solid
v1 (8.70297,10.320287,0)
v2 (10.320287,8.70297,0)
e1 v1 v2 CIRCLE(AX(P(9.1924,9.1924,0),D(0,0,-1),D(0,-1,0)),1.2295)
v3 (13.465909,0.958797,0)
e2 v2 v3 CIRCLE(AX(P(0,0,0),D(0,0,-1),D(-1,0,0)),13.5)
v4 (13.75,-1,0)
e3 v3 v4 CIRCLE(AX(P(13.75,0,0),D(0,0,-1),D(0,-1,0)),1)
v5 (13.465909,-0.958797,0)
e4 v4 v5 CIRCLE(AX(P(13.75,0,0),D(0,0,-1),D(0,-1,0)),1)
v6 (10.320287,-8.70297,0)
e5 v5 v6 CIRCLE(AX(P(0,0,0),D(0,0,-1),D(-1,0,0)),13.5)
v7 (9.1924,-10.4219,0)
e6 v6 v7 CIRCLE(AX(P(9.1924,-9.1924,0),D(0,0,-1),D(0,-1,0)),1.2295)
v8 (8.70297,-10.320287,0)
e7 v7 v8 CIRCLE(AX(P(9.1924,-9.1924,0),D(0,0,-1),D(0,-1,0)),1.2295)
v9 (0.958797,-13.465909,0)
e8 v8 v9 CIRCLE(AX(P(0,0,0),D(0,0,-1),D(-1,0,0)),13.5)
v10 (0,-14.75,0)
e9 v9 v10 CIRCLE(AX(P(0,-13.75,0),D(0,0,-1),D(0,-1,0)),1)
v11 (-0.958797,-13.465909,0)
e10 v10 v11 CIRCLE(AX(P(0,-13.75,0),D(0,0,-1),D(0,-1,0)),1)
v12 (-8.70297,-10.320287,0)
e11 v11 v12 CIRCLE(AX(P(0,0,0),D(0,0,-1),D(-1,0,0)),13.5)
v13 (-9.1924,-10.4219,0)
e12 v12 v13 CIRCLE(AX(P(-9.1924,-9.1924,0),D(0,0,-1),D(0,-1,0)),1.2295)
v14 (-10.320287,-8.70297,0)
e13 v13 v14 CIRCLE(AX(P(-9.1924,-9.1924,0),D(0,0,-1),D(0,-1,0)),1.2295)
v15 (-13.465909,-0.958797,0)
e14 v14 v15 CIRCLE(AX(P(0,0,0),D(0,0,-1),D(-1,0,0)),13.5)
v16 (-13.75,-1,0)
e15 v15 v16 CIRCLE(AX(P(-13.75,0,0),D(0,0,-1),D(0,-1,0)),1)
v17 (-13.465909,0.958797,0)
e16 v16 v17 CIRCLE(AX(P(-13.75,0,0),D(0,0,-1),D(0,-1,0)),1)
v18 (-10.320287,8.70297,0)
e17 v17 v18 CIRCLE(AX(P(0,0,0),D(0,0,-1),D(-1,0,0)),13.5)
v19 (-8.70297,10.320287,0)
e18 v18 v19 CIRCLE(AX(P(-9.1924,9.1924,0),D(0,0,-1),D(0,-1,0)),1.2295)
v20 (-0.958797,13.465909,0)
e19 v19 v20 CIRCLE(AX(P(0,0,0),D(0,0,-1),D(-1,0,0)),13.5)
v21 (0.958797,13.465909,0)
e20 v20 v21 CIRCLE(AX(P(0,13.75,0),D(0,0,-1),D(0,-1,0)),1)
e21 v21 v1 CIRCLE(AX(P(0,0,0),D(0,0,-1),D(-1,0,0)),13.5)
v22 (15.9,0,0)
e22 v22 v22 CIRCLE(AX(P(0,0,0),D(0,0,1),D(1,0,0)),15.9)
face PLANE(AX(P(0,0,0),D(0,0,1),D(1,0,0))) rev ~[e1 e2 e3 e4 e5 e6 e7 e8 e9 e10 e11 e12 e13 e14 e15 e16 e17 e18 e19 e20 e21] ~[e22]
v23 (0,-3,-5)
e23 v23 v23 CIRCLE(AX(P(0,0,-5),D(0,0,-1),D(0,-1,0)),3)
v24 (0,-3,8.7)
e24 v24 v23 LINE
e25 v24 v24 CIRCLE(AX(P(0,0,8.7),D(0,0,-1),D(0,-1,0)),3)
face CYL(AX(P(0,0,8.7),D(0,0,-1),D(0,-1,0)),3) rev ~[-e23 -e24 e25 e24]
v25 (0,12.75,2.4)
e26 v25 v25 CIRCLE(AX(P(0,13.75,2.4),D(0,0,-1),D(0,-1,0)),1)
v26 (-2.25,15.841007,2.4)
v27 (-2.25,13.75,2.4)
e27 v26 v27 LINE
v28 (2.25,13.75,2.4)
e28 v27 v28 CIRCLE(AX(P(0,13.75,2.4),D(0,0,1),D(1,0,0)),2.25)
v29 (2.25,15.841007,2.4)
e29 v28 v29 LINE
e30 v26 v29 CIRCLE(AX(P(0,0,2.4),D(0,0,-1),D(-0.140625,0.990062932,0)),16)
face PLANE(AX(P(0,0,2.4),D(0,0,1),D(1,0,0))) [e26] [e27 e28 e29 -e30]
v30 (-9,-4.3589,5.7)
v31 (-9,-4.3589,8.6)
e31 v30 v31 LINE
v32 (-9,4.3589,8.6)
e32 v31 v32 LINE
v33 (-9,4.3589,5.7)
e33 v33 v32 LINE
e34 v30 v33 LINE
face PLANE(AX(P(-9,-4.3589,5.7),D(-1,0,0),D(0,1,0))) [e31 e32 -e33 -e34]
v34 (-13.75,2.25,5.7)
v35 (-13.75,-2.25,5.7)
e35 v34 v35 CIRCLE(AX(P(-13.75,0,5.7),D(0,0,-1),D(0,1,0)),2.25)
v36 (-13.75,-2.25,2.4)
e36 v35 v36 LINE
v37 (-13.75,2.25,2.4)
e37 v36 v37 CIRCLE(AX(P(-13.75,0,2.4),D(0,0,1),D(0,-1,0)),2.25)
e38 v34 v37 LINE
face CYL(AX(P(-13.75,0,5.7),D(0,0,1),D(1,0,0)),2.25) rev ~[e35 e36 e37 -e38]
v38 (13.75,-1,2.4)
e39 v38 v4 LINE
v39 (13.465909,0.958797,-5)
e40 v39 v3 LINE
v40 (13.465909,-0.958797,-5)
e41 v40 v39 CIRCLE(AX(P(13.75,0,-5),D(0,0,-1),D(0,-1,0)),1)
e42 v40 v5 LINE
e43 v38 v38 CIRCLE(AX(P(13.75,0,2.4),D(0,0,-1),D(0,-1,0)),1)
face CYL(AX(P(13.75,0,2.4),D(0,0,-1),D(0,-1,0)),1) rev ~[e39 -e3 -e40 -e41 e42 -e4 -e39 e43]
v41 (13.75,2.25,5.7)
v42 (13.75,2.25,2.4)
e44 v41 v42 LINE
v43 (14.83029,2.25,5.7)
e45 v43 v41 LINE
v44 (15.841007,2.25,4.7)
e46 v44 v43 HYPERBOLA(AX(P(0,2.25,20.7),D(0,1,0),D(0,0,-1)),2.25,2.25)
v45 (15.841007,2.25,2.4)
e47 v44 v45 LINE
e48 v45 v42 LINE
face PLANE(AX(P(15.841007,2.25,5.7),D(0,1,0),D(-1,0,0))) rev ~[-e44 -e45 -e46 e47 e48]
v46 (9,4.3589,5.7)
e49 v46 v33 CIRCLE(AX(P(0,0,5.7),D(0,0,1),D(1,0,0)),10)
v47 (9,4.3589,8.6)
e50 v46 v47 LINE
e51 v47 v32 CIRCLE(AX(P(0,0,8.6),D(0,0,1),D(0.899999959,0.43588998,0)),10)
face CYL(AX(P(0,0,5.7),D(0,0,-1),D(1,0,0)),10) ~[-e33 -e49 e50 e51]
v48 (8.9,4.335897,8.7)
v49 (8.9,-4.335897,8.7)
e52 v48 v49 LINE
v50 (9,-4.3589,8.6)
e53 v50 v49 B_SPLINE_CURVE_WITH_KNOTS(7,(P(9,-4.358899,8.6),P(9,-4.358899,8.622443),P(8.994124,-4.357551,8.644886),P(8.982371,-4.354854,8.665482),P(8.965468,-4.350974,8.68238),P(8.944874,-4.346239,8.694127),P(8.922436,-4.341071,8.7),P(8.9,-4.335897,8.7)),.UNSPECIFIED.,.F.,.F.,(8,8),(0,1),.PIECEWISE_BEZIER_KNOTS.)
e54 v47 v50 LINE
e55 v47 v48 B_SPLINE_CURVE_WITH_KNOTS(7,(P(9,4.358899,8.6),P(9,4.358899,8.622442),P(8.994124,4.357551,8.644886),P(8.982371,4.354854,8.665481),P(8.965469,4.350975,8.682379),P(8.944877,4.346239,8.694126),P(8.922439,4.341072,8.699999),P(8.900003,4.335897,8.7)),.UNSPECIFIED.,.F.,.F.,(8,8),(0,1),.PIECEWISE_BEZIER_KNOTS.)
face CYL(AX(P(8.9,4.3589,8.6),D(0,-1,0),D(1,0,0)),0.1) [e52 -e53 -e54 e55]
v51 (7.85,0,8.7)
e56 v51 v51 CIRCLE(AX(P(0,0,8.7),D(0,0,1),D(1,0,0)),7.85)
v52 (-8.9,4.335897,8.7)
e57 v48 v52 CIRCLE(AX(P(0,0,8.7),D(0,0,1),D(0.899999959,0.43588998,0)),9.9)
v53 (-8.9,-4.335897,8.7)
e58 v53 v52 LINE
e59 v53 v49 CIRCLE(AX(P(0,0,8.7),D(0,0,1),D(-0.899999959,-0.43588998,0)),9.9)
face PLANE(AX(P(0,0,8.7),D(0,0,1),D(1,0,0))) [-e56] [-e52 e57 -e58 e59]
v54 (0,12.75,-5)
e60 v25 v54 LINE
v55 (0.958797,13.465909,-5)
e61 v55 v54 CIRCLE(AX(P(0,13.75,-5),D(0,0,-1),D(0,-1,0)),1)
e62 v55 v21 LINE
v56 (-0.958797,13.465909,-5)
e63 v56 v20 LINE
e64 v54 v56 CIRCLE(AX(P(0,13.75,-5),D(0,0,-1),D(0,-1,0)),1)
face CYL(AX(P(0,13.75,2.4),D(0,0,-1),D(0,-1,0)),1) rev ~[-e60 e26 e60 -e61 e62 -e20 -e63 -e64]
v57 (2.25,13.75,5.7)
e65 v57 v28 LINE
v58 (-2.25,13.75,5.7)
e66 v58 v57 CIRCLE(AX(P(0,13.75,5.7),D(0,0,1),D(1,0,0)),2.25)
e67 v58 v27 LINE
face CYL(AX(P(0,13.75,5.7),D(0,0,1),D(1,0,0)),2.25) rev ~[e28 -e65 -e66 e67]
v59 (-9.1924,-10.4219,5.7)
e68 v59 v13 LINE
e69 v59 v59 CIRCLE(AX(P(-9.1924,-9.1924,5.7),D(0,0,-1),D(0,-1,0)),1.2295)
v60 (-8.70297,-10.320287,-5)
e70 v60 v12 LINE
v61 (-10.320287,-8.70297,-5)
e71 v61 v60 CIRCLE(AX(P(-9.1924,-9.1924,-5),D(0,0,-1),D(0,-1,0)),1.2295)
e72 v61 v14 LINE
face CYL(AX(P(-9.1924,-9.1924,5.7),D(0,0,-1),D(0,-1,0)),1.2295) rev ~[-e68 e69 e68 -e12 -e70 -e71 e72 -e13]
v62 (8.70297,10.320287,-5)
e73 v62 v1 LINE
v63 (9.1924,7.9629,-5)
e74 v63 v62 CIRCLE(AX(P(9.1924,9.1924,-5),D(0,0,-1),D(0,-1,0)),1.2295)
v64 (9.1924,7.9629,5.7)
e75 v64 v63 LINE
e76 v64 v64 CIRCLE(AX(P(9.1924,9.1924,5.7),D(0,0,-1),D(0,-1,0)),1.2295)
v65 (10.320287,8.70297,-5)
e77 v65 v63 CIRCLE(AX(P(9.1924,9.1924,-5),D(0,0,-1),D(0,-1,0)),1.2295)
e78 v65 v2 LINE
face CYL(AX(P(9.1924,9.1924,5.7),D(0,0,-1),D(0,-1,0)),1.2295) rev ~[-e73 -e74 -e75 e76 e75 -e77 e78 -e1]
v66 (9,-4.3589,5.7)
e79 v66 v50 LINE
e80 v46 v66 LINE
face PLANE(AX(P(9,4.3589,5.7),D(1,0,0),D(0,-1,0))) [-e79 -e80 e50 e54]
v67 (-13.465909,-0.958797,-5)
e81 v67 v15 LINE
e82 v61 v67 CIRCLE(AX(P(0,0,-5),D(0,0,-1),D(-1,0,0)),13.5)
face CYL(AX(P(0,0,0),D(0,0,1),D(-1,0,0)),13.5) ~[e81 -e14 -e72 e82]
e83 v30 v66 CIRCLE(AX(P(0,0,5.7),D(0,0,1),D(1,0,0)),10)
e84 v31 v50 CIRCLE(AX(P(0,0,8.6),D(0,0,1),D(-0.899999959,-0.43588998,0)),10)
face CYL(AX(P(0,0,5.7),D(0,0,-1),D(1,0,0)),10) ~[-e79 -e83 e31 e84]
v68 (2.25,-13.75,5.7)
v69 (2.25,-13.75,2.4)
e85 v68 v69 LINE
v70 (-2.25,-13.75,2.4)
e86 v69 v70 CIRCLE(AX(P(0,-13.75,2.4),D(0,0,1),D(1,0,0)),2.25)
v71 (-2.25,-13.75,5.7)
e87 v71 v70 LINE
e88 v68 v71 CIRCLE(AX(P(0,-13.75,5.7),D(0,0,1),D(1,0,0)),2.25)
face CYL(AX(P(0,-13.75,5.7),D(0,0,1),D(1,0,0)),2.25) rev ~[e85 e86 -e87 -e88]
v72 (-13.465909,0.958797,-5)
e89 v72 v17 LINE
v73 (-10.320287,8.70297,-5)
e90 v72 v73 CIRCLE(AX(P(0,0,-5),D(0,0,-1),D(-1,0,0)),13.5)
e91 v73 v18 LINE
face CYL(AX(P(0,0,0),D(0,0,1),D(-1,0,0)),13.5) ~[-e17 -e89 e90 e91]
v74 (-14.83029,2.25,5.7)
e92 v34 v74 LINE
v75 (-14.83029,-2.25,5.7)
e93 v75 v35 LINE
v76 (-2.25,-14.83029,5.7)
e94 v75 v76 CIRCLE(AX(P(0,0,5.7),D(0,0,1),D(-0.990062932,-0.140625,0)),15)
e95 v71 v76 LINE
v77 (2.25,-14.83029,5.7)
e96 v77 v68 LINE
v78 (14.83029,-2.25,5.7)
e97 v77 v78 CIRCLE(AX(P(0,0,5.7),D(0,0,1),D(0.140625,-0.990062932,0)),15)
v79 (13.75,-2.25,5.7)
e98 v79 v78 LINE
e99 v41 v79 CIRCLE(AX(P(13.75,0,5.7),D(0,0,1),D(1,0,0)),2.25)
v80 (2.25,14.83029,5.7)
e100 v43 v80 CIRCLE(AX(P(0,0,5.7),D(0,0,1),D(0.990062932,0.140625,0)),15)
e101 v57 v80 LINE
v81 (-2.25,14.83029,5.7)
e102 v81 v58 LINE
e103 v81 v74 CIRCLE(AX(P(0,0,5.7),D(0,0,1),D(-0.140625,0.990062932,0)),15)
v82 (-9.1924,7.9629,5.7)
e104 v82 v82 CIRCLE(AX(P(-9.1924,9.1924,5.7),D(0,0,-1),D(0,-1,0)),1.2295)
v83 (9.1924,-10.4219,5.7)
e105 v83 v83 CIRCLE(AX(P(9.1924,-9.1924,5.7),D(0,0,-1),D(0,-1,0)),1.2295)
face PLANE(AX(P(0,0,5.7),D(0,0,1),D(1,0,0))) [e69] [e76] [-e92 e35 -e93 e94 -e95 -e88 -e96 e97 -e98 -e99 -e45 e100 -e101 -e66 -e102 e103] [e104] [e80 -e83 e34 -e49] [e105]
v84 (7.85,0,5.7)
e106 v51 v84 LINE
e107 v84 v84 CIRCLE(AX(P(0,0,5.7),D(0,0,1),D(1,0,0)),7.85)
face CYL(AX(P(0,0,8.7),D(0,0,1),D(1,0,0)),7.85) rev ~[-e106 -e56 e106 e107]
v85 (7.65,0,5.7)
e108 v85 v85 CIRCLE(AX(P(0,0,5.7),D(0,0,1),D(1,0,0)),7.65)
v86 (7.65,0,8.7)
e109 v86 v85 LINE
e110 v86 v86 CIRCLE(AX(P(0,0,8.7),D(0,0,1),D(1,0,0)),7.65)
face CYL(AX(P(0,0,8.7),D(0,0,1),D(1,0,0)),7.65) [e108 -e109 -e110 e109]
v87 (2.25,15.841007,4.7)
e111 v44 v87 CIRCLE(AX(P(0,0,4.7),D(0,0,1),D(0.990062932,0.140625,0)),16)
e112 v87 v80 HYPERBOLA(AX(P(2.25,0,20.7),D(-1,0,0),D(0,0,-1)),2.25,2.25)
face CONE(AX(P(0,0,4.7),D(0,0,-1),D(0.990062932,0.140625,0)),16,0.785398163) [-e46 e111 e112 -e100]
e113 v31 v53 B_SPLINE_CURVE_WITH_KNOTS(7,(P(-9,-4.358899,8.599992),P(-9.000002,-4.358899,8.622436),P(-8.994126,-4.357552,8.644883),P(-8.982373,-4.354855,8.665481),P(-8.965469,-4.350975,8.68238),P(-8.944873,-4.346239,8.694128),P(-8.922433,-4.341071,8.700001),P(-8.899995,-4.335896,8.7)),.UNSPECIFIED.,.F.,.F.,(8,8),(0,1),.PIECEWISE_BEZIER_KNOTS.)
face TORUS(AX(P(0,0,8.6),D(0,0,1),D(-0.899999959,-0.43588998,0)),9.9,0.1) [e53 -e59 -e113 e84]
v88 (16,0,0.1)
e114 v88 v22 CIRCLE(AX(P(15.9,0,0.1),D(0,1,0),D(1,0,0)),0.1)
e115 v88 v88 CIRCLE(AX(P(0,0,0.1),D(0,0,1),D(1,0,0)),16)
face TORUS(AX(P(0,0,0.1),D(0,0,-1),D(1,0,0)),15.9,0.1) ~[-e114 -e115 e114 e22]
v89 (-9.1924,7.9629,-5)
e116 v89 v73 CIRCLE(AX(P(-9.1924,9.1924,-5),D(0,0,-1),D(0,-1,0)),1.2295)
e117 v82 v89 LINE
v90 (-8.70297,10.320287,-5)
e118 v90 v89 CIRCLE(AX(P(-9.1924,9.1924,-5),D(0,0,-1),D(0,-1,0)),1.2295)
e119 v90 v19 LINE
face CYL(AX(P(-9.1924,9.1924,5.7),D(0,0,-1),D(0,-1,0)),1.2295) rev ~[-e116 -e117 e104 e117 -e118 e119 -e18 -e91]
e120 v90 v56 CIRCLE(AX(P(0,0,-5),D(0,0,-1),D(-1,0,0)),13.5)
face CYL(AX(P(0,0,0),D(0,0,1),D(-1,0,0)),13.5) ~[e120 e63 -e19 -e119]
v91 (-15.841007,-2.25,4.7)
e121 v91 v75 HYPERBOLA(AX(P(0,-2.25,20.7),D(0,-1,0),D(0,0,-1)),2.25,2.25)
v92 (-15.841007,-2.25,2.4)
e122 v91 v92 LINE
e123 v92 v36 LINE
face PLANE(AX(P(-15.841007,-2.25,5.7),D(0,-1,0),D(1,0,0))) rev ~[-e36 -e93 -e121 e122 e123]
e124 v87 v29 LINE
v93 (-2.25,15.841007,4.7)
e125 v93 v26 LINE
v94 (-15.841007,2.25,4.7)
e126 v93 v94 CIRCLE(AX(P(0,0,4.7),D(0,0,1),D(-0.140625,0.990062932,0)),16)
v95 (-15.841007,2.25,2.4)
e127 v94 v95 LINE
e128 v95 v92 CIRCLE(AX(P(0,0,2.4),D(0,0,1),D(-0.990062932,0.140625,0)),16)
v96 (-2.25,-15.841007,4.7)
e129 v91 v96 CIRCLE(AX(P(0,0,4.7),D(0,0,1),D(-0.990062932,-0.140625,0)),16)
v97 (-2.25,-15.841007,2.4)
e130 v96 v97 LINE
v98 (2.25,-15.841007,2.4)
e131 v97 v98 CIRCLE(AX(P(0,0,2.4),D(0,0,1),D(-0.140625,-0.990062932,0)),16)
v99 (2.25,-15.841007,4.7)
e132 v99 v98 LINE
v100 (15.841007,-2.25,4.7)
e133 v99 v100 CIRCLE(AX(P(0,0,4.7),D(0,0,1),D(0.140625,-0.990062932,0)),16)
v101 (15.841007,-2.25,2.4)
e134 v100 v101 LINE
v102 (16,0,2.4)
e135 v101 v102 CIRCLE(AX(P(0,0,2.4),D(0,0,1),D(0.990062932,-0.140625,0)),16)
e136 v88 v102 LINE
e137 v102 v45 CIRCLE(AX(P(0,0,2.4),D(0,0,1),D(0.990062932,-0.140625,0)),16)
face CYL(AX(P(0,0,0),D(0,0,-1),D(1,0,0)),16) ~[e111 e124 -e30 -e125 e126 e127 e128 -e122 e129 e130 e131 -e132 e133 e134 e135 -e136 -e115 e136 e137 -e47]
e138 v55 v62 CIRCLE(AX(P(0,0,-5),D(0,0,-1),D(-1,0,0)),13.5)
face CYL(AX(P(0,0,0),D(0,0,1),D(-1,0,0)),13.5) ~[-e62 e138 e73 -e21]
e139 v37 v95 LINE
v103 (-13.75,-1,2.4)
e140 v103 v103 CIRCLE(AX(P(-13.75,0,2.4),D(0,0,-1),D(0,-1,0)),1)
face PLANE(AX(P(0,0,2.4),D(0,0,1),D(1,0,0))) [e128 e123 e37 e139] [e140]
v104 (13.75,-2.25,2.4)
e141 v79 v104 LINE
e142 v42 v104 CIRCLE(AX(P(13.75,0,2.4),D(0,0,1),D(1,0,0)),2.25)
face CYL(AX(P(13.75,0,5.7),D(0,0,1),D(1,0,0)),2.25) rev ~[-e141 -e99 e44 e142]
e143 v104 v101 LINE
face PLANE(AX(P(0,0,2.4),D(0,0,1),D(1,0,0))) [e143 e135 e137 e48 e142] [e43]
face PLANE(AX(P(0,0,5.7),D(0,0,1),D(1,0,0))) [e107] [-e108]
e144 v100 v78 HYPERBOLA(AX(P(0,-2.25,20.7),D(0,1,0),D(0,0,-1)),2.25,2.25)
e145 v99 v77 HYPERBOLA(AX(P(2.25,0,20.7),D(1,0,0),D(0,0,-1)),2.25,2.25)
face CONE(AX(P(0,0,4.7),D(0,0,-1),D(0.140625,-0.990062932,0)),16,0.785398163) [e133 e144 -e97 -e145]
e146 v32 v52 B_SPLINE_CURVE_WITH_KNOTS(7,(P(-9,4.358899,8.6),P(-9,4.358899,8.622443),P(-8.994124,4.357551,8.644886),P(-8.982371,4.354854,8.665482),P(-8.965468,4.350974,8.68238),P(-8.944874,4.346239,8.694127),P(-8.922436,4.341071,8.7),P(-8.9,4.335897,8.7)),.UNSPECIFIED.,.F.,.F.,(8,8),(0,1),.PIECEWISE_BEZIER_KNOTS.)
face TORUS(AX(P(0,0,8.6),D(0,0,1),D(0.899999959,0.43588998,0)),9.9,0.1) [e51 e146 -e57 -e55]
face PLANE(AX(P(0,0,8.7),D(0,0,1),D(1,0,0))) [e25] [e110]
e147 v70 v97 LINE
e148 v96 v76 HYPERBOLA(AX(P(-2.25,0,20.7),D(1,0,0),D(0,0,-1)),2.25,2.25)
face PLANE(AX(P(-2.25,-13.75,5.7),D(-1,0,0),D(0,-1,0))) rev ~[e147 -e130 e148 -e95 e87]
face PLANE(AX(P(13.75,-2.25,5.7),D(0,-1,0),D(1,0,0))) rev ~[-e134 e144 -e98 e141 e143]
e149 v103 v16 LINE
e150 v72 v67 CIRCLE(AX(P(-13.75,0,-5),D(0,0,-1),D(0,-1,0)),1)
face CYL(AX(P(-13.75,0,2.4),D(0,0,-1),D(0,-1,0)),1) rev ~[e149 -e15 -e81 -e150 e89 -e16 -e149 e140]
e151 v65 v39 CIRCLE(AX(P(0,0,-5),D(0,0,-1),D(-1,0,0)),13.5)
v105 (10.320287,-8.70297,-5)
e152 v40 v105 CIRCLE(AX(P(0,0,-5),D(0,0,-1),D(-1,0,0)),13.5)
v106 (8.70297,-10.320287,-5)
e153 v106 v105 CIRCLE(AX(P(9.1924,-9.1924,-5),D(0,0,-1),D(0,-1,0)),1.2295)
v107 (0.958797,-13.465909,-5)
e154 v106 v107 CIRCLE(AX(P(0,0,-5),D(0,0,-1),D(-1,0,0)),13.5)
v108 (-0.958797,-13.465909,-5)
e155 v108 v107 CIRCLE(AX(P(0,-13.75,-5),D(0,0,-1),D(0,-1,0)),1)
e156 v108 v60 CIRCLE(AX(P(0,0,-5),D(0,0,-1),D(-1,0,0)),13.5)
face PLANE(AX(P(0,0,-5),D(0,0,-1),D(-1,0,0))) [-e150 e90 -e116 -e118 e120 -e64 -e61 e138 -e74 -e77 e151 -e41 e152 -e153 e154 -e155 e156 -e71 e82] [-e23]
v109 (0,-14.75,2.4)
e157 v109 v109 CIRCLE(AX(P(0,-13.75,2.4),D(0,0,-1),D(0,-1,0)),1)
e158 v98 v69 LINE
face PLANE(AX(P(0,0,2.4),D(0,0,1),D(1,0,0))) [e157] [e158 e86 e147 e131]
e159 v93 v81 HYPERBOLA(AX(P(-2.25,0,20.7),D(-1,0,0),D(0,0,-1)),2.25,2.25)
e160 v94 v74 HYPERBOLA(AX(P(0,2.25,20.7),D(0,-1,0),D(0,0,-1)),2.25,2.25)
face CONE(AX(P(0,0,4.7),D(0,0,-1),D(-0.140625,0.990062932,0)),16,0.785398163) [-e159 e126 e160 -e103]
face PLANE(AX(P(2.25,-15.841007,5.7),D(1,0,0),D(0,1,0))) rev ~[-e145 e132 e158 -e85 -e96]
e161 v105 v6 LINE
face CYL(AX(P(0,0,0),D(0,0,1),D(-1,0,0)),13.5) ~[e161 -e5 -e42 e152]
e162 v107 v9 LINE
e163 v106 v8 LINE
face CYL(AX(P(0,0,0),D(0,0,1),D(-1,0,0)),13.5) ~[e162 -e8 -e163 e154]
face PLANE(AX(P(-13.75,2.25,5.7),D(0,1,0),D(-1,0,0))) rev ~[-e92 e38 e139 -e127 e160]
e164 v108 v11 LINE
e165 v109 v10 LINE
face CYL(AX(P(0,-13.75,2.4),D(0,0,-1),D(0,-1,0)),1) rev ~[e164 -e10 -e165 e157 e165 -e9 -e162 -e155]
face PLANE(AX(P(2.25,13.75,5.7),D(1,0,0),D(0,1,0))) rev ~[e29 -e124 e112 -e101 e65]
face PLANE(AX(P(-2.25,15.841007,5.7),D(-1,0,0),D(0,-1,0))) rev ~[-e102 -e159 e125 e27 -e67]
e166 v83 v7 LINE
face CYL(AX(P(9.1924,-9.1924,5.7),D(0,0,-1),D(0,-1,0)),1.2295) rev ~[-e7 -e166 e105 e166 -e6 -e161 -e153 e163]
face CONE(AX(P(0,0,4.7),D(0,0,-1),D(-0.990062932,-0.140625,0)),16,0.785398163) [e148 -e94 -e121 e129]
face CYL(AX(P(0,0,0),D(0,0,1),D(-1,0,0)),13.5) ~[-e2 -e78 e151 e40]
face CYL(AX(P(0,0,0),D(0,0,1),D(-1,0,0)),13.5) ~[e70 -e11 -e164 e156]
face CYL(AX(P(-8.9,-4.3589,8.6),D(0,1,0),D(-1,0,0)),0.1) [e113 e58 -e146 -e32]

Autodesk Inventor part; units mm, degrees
ref_plane "YZ Plane" through (0, 0, 0) normal (1, 0, 0) x (0, 1, 0)
ref_plane "XZ Plane" through (0, 0, 0) normal (0, 1, 0) x (-1, 0, 0)
ref_plane "XY Plane" through (0, 0, 0) normal (0, 0, 1) x (1, 0, 0)
sketch "スケッチ1" plane through (0, 0, 0) normal (0, 0, 1) x (1, 0, 0)
  circle A0 centre (0, 0) radius 16
  dimension "d0" = 32
extrude "押し出し1" add sketch "スケッチ1" along normal blind 5.7
sketch "スケッチ2" plane through (0, 0, 0) normal (0, 0, -1) x (-1, 0, 0)
  circle A0 centre (0, 0) radius 13.5
  dimension "d3" = 27
extrude "押し出し2" add sketch "スケッチ2" along normal blind 5
sketch "スケッチ3" plane through (0, 0, 5.7) normal (0, 0, 1) x (1, 0, 0)
  circle A0 centre (0, 0) radius 10
  line L0 (-9, 4.3589) -> (9, 4.3589) construction
  line L1 (9, 4.3589) -> (9, -4.3589)
  line L2 (9, -4.3589) -> (-9, -4.3589) construction
  line L3 (-9, -4.3589) -> (-9, 4.3589)
  dimension "d6" = 20
  dimension "d7" = 18
extrude "押し出し3" add sketch "スケッチ3" along normal blind 3 contours L1 A0 L3
sketch "スケッチ4" plane through (0, 0, 8.7) normal (0, 0, 1) x (1, 0, 0)
  point P0 (0, 0)
  point P1 (0, 0)
hole "穴1" at (0, 0, 8.7) direction (0, 0, -1) diameter 6 end through all
sketch "スケッチ5" plane through (0, 0, 5.7) normal (0, 0, 1) x (1, 0, 0)
  circle A0 centre (0, 13.75) radius 2.25
  line L0 (-2.25, 13.75) -> (2.25, 13.75)
  line L1 (2.25, 13.75) -> (2.25, 16)
  line L2 (2.25, 16) -> (-2.25, 16)
  line L3 (-2.25, 16) -> (-2.25, 13.75)
  circle A1 centre (0, 0) radius 16 projected
  circle A2 centre (-13.75, 0) radius 2.25
  line L4 (-13.75, -2.25) -> (-13.75, 2.25)
  line L5 (-13.75, 2.25) -> (-16, 2.25)
  line L6 (-16, 2.25) -> (-16, -2.25)
  line L7 (-16, -2.25) -> (-13.75, -2.25)
  circle A3 centre (0, -13.75) radius 2.25
  line L8 (2.25, -13.75) -> (-2.25, -13.75)
  line L9 (-2.25, -13.75) -> (-2.25, -16)
  line L10 (-2.25, -16) -> (2.25, -16)
  line L11 (2.25, -16) -> (2.25, -13.75)
  circle A4 centre (13.75, 0) radius 2.25
  line L12 (13.75, 2.25) -> (13.75, -2.25)
  line L13 (13.75, -2.25) -> (16, -2.25)
  line L14 (16, -2.25) -> (16, 2.25)
  line L15 (16, 2.25) -> (13.75, 2.25)
  point P0 (-15.841, -2.25)
  point P1 (-15.841, 2.25)
  point P2 (2.25, -15.841)
  point P3 (-2.25, -15.841)
  point P4 (15.841, -2.25)
  point P5 (15.841, 2.25)
  point P6 (2.25, 15.841)
  point P7 (-2.25, 15.841)
  dimension "d17" = 4.5
  dimension "d18" = 13.75
  dimension "d21" = 360
extrude "押し出し4" cut sketch "スケッチ5" against normal blind 3.3 contours L0 A0 | L3 A1 A0 | A0 L0 | A0 A1 L1 | L5 A2 A1 | A1 A4 L15 | A2 L7 A1 | A2 L4 | A2 L4 | A4 L12 | A1 L13 A4 | L12 A4 | L9 A3 A1 | A1 A3 L11 | A3 L8 | A3 L8
sketch "スケッチ6" plane through (0, 0, 2.4) normal (0, 0, 1) x (1, 0, 0)
  arc A0 (-2.25, 13.75) -> (2.25, 13.75) centre (0, 13.75) ccw projected
  arc A1 (13.75, 2.25) -> (13.75, -2.25) centre (13.75, 0) ccw projected
  arc A2 (2.25, -13.75) -> (-2.25, -13.75) centre (0, -13.75) ccw projected
  arc A3 (-13.75, -2.25) -> (-13.75, 2.25) centre (-13.75, 0) ccw projected
  point P0 (0, 0)
hole "穴2" at (0, 13.75, 2.4) at (13.75, 0, 2.4) at (0, -13.75, 2.4) at (-13.75, 0, 2.4) direction (0, 0, -1) diameter 2 end through all
sketch "スケッチ7" plane through (0, 0, 5.7) normal (0, 0, 1) x (1, 0, 0)
  line L0 (9.1924, 9.1924) -> (0, 0) construction
  line L1 (-22.4, 0) -> (22.4, 0) projected
  point P0 (-9.1924, 9.1924)
  point P1 (-9.1924, -9.1924)
  point P2 (9.1924, -9.1924)
  dimension "d32" = 45
  dimension "d33" = 13
  dimension "d36" = 360
hole "穴3" at (9.1924, 9.1924, 5.7) at (-9.1924, 9.1924, 5.7) at (-9.1924, -9.1924, 5.7) at (9.1924, -9.1924, 5.7) direction (0, 0, -1) diameter 2.459 end through all thread size "M3x0.5" class "6H" standard "ISO Metric profile"
sketch "スケッチ8" plane through (0, 0, 8.7) normal (0, 0, 1) x (1, 0, 0)
  circle A0 centre (0, 0) radius 3 projected
  circle A1 centre (0, 0) radius 7.65
  circle A2 centre (0, 0) radius 7.85
  dimension "d45" = 15.3
  dimension "d46" = 15.7
extrude "押し出し5" cut sketch "スケッチ8" against normal up to surface (3 mm away) contours A2
chamfer "面取り1" distance 1 angle 45 4 edges at (11.3137, -11.3137, 5.7) (-11.3137, -11.3137, 5.7) (-11.3137, 11.3137, 5.7) (11.3137, 11.3137, 5.7)
fillet "フィレット1" radius 0.1 5 edges at (-16, 0, 0) (0, -10, 8.7) (9, 0, 8.7) (0, 10, 8.7) (-9, 0, 8.7)
properties part number "555_GearBox_FrontCover"
